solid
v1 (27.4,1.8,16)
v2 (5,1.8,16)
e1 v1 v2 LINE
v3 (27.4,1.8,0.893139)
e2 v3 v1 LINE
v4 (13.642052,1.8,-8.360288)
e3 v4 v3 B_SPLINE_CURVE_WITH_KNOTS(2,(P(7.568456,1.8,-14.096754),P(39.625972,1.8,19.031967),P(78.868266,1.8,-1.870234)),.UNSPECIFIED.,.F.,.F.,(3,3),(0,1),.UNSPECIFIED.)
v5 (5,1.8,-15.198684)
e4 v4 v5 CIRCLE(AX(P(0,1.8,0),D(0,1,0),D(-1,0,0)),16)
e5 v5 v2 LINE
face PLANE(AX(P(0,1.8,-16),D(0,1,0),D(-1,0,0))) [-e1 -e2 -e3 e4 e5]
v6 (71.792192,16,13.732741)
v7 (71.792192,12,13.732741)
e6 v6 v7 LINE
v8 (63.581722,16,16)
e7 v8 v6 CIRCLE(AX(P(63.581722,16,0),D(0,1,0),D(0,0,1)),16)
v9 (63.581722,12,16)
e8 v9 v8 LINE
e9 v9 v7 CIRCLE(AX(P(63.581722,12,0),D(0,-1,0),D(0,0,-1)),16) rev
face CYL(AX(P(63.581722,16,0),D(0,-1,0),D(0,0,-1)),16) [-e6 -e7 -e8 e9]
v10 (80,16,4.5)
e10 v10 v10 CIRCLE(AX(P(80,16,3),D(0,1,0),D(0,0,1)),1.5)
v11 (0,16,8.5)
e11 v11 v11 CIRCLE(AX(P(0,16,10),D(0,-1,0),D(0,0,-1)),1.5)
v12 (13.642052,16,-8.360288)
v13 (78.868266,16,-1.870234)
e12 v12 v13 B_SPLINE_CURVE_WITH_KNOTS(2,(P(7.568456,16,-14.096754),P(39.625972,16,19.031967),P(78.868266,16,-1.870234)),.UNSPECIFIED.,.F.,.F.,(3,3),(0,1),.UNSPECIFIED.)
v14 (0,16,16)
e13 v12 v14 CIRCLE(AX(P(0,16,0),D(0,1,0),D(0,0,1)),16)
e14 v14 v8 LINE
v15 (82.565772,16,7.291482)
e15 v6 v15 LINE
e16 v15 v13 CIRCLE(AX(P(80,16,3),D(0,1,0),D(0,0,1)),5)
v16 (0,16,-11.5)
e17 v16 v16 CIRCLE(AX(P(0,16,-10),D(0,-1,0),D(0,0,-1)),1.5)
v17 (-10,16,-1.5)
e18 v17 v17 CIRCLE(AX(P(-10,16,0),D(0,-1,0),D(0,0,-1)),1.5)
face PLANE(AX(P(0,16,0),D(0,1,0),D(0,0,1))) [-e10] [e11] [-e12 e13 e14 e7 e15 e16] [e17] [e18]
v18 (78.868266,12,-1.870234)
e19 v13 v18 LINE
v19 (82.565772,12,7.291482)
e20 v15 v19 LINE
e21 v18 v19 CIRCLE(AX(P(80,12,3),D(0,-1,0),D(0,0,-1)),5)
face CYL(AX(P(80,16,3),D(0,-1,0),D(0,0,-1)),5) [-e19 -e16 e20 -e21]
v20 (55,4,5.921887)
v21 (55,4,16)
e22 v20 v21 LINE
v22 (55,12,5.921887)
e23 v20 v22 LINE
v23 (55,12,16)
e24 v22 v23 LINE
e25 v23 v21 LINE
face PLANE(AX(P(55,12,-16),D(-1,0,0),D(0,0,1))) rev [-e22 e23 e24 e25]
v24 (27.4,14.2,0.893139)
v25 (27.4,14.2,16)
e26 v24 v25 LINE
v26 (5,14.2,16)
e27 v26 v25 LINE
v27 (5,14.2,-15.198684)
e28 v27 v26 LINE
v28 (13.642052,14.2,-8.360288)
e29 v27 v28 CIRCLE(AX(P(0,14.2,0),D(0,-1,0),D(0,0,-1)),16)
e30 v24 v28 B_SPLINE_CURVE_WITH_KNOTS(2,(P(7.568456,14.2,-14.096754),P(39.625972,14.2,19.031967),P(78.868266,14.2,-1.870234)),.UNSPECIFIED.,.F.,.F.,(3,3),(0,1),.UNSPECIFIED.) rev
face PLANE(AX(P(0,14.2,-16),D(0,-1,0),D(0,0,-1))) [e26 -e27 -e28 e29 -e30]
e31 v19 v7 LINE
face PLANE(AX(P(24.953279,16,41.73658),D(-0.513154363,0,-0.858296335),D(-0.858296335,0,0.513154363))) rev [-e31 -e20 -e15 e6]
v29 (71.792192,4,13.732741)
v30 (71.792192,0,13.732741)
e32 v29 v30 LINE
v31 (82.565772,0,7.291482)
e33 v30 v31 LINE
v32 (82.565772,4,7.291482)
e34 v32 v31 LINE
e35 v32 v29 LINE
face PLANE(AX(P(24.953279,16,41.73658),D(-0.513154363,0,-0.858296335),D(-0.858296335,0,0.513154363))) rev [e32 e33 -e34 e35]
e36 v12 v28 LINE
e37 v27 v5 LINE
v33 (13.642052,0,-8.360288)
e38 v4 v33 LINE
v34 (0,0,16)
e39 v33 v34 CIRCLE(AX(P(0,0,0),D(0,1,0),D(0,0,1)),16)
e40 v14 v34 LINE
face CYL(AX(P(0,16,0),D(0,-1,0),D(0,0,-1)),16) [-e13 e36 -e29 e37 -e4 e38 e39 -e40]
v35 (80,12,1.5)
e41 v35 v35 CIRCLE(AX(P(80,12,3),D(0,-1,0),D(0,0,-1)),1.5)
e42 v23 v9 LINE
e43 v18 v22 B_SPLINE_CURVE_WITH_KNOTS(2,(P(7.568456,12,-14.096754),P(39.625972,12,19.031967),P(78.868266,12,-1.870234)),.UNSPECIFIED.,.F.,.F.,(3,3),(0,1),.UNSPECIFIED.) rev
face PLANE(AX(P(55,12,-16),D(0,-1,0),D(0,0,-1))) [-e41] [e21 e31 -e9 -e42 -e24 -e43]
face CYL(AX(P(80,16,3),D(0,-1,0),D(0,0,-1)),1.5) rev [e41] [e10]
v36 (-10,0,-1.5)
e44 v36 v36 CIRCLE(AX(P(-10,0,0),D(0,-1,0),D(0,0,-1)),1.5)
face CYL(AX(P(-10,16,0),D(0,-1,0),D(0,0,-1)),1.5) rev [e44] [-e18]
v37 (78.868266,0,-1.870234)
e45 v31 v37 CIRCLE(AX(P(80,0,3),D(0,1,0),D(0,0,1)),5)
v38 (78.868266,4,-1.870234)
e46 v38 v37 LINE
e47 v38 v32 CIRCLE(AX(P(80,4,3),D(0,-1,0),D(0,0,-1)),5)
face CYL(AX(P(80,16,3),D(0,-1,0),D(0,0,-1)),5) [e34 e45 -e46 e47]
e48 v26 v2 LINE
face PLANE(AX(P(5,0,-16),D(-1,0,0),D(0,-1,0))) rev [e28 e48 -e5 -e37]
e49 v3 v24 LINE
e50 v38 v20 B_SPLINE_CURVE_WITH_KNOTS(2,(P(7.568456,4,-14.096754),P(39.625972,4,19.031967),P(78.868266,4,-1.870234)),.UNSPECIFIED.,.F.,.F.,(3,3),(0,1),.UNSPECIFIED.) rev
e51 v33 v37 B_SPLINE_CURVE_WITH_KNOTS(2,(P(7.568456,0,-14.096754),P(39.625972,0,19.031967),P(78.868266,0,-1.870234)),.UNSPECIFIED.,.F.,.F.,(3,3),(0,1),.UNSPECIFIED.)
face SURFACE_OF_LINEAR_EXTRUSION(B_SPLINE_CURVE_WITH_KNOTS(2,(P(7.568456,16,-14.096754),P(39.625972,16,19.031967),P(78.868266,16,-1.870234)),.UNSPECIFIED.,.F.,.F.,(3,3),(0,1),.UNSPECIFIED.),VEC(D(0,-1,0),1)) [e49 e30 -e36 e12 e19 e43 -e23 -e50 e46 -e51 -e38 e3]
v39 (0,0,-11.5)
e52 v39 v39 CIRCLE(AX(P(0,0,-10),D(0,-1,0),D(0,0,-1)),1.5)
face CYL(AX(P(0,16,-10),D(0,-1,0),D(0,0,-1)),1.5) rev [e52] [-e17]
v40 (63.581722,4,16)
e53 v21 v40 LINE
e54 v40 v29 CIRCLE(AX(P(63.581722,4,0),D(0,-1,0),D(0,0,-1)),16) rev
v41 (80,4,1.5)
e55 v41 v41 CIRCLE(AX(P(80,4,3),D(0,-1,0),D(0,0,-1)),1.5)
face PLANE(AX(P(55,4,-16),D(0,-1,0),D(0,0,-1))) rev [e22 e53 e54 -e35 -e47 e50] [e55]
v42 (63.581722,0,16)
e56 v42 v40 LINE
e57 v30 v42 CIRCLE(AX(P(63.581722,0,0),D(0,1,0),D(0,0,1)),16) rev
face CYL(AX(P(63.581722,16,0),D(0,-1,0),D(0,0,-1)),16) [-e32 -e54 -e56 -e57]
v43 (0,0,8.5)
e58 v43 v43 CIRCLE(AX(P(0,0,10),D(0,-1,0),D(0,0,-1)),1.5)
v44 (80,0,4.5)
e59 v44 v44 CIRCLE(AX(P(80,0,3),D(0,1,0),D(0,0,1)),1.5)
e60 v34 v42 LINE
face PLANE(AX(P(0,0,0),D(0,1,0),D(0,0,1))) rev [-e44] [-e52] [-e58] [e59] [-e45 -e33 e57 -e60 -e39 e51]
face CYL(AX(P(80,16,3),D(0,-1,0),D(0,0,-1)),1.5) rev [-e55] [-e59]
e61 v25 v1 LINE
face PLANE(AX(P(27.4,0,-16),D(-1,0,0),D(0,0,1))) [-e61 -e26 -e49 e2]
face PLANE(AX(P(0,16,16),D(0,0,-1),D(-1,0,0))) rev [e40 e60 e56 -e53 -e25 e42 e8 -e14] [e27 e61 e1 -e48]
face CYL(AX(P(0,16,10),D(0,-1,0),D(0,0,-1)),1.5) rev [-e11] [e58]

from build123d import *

# Parameters (mm, degrees)
SKETCH1_R           = 1.5
BOSS_EXTRUDE2_DEPTH = 16
FILLET1_R           = 16
SKETCH2_W           = 30
SKETCH2_H           = 8
CUT_EXTRUDE2_DEPTH  = 93.222557038
SKETCH3_W           = 22.4
SKETCH3_H           = 12.4
CUT_EXTRUDE3_DEPTH  = 93.222557038
SKETCH4_R           = 1.5
CUT_EXTRUDE4_DEPTH  = 88.960218414


with BuildPart() as part:
    # Sketch1 → Boss-Extrude2 (new body)
    with BuildSketch(Plane(origin=(0, 0, 0), x_dir=(1, 0, 0), z_dir=(0, 1, 0))):
        with BuildLine():
            Line((0, -16), (68, -16))
            Line((68, -16), (82.565771817, -7.291481677))
            ThreePointArc((82.565771817, -7.291481677), (84.636633862, -1.128736675), (78.868265673, 1.870233815))
            add(Edge.make_bspline(
                [(78.868265673, 1.870233815), (43.304736125, -17.072492838), (13.642052319, 8.360287586)],
                knots=[0.972219652, 0.972219652, 0.972219652, 1.878474777, 1.878474777, 1.878474777], degree=2))
            ThreePointArc((13.642052319, 8.360287586), (-13.960025096, 7.817780971), (0, -16))
        make_face()
        with Locations(Location((80, -3, 0), (0, 0, 270))):
            Circle(SKETCH1_R, mode=Mode.SUBTRACT)
    extrude(amount=BOSS_EXTRUDE2_DEPTH)

    # Fillet1
    fillet1_edges = [part.edges().sort_by_distance(p)[0] for p in [
        (68, 8, 16),
    ]]
    fillet(fillet1_edges, radius=FILLET1_R)

    # Sketch2 → Cut-Extrude2 (cut, through all)
    with BuildSketch(Plane.XY.offset(16)):
        with Locations((70, 8)):
            Rectangle(SKETCH2_W, SKETCH2_H)
    extrude(amount=-CUT_EXTRUDE2_DEPTH, mode=Mode.SUBTRACT)

    # Sketch3 → Cut-Extrude3 (cut, through all)
    with BuildSketch(Plane.XY.offset(16)):
        with Locations((16.2, 8)):
            Rectangle(SKETCH3_W, SKETCH3_H)
    extrude(amount=-CUT_EXTRUDE3_DEPTH, mode=Mode.SUBTRACT)

    # Sketch4 → Cut-Extrude4 (cut, through all)
    with BuildSketch(Plane.XZ):
        with Locations(Location((0, -10, 0), (0, 0, 270))):
            Circle(SKETCH4_R)
        with Locations(Location((-10, 0, 0), (0, 0, 270))):
            Circle(SKETCH4_R)
        with Locations(Location((0, 10, 0), (0, 0, 270))):
            Circle(SKETCH4_R)
    extrude(amount=-CUT_EXTRUDE4_DEPTH, mode=Mode.SUBTRACT)


solid = part.part
